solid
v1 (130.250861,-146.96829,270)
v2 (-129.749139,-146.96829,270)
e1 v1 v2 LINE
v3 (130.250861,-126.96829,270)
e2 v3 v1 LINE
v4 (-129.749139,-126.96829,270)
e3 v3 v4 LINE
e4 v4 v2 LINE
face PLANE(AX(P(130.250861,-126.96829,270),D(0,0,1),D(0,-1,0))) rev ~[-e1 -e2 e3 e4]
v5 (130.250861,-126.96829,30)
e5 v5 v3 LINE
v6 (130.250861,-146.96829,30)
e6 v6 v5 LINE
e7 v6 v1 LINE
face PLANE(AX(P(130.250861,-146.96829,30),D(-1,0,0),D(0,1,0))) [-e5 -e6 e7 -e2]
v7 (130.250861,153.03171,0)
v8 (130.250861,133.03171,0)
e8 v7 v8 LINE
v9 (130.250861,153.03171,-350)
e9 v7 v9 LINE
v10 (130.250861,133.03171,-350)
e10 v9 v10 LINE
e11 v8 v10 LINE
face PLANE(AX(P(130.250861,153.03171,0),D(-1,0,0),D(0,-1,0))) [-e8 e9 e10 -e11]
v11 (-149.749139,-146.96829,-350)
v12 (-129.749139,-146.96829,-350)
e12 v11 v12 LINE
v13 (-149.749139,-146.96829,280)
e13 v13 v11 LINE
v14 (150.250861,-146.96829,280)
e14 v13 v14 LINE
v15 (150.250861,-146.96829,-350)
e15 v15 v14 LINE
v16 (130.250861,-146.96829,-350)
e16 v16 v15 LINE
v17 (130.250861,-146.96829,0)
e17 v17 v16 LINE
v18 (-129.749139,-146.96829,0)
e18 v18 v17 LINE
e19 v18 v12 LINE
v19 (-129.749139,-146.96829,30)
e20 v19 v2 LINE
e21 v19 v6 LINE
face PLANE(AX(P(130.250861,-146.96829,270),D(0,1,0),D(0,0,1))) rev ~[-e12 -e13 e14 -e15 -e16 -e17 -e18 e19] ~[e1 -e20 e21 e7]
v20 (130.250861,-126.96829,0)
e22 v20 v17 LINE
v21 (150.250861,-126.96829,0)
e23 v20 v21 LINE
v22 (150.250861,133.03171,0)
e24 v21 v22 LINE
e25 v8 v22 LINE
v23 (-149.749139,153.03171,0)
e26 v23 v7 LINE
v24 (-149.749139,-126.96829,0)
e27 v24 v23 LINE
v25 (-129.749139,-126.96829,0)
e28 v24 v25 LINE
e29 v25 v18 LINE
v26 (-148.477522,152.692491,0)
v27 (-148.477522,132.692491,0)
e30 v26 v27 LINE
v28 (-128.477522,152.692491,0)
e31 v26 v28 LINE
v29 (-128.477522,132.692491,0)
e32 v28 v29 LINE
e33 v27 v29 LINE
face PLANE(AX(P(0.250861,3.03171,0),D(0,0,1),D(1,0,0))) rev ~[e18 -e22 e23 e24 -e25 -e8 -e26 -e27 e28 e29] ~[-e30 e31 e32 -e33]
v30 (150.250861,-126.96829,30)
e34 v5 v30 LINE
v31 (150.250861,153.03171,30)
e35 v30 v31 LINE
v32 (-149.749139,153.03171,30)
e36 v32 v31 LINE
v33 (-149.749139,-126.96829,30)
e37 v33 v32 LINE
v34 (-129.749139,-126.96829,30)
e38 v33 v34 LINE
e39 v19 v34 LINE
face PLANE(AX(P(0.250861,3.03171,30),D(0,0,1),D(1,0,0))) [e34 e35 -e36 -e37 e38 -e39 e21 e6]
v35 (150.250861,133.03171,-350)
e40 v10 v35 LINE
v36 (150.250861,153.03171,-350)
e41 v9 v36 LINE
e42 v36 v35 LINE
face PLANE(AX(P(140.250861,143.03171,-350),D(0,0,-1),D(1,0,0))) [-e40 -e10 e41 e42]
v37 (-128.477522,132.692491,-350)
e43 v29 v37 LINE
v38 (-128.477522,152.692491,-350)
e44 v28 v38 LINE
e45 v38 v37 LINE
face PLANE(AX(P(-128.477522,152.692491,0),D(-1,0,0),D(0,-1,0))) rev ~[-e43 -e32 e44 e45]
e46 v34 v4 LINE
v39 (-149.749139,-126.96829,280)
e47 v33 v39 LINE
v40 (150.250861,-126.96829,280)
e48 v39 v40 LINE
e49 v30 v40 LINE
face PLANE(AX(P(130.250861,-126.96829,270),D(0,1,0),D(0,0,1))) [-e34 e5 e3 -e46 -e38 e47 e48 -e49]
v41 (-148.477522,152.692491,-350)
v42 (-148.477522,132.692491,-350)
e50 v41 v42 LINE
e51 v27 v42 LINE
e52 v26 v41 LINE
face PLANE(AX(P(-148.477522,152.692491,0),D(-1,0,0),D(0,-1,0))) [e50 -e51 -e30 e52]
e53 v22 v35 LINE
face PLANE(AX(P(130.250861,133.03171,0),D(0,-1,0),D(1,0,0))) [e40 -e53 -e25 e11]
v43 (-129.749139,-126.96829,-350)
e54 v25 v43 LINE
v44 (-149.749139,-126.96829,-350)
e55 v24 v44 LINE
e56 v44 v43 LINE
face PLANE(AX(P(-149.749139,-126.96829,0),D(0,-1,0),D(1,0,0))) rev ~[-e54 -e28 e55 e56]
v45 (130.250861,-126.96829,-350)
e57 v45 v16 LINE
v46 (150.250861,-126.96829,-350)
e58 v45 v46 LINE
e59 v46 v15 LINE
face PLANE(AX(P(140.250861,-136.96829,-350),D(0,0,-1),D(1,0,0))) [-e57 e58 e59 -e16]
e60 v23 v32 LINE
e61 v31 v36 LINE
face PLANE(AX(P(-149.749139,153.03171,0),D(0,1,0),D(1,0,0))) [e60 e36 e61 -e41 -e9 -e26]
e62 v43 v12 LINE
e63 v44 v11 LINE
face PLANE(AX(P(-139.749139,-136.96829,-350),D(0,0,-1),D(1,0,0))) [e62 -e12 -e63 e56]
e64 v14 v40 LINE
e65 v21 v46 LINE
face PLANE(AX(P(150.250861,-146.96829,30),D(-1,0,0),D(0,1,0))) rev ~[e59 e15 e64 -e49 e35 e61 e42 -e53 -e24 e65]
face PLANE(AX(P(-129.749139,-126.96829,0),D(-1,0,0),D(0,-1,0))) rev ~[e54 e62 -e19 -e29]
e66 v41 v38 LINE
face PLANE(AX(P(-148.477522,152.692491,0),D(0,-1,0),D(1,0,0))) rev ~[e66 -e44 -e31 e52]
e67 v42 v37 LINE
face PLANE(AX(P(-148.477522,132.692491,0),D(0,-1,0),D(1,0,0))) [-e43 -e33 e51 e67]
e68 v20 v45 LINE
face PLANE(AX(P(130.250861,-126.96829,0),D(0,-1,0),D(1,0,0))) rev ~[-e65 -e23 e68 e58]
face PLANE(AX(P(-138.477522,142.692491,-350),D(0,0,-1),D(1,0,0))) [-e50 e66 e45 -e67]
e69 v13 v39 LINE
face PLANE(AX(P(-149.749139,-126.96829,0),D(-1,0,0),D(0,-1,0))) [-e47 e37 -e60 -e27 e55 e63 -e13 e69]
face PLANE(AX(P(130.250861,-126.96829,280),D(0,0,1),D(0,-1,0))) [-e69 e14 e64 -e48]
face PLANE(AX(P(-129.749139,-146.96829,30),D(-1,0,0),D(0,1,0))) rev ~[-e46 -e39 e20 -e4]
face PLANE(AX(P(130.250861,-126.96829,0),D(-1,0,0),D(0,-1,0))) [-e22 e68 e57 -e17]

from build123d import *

# Parameters (mm, degrees)
F0_W     = 300
F0_H     = 300
F1_DEPTH = 30
F3_W     = 20
F3_H     = 20
F4_DEPTH = 350
F5_W     = 20
F5_H     = 20
F6_DEPTH = 250
F7_W     = 20
F7_H     = 10
F8_DEPTH = 260


with BuildPart() as f1:
    # F0 (on Top) → F1 (new body)
    with BuildSketch(Plane.XY):
        with Locations((0.250861, 3.03171)):
            Rectangle(F0_W, F0_H)
    extrude(amount=F1_DEPTH)

    # F3 (on face) → F4 (join)
    with BuildSketch(Plane(origin=(0, 0, 0), x_dir=(1, 0, 0), z_dir=(0, 0, -1))):
        with Locations((-138.477522, -142.692491)):
            Rectangle(F3_W, F3_H)
        with Locations((-139.749139, 136.96829)):
            Rectangle(F3_W, F3_H)
        with Locations((140.250861, -143.03171)):
            Rectangle(F3_W, F3_H)
        with Locations((140.250861, 136.96829)):
            Rectangle(F3_W, F3_H)
    extrude(amount=F4_DEPTH)

    # F5 (on face) → F6 (join)
    with BuildSketch(Plane.XY.offset(30)):
        with Locations((140.250861, -136.96829)):
            Rectangle(F5_W, F5_H)
        with Locations((-139.749139, -136.96829)):
            Rectangle(F5_W, F5_H)
    extrude(amount=F6_DEPTH)

    # F7 (on face) → F8 (join)
    with BuildSketch(Plane(origin=(130.250861, 0, 0), x_dir=(0, -1, 0), z_dir=(-1, 0, 0))):
        with Locations((136.96829, 275)):
            Rectangle(F7_W, F7_H)
    extrude(amount=F8_DEPTH)


solid = f1.part
